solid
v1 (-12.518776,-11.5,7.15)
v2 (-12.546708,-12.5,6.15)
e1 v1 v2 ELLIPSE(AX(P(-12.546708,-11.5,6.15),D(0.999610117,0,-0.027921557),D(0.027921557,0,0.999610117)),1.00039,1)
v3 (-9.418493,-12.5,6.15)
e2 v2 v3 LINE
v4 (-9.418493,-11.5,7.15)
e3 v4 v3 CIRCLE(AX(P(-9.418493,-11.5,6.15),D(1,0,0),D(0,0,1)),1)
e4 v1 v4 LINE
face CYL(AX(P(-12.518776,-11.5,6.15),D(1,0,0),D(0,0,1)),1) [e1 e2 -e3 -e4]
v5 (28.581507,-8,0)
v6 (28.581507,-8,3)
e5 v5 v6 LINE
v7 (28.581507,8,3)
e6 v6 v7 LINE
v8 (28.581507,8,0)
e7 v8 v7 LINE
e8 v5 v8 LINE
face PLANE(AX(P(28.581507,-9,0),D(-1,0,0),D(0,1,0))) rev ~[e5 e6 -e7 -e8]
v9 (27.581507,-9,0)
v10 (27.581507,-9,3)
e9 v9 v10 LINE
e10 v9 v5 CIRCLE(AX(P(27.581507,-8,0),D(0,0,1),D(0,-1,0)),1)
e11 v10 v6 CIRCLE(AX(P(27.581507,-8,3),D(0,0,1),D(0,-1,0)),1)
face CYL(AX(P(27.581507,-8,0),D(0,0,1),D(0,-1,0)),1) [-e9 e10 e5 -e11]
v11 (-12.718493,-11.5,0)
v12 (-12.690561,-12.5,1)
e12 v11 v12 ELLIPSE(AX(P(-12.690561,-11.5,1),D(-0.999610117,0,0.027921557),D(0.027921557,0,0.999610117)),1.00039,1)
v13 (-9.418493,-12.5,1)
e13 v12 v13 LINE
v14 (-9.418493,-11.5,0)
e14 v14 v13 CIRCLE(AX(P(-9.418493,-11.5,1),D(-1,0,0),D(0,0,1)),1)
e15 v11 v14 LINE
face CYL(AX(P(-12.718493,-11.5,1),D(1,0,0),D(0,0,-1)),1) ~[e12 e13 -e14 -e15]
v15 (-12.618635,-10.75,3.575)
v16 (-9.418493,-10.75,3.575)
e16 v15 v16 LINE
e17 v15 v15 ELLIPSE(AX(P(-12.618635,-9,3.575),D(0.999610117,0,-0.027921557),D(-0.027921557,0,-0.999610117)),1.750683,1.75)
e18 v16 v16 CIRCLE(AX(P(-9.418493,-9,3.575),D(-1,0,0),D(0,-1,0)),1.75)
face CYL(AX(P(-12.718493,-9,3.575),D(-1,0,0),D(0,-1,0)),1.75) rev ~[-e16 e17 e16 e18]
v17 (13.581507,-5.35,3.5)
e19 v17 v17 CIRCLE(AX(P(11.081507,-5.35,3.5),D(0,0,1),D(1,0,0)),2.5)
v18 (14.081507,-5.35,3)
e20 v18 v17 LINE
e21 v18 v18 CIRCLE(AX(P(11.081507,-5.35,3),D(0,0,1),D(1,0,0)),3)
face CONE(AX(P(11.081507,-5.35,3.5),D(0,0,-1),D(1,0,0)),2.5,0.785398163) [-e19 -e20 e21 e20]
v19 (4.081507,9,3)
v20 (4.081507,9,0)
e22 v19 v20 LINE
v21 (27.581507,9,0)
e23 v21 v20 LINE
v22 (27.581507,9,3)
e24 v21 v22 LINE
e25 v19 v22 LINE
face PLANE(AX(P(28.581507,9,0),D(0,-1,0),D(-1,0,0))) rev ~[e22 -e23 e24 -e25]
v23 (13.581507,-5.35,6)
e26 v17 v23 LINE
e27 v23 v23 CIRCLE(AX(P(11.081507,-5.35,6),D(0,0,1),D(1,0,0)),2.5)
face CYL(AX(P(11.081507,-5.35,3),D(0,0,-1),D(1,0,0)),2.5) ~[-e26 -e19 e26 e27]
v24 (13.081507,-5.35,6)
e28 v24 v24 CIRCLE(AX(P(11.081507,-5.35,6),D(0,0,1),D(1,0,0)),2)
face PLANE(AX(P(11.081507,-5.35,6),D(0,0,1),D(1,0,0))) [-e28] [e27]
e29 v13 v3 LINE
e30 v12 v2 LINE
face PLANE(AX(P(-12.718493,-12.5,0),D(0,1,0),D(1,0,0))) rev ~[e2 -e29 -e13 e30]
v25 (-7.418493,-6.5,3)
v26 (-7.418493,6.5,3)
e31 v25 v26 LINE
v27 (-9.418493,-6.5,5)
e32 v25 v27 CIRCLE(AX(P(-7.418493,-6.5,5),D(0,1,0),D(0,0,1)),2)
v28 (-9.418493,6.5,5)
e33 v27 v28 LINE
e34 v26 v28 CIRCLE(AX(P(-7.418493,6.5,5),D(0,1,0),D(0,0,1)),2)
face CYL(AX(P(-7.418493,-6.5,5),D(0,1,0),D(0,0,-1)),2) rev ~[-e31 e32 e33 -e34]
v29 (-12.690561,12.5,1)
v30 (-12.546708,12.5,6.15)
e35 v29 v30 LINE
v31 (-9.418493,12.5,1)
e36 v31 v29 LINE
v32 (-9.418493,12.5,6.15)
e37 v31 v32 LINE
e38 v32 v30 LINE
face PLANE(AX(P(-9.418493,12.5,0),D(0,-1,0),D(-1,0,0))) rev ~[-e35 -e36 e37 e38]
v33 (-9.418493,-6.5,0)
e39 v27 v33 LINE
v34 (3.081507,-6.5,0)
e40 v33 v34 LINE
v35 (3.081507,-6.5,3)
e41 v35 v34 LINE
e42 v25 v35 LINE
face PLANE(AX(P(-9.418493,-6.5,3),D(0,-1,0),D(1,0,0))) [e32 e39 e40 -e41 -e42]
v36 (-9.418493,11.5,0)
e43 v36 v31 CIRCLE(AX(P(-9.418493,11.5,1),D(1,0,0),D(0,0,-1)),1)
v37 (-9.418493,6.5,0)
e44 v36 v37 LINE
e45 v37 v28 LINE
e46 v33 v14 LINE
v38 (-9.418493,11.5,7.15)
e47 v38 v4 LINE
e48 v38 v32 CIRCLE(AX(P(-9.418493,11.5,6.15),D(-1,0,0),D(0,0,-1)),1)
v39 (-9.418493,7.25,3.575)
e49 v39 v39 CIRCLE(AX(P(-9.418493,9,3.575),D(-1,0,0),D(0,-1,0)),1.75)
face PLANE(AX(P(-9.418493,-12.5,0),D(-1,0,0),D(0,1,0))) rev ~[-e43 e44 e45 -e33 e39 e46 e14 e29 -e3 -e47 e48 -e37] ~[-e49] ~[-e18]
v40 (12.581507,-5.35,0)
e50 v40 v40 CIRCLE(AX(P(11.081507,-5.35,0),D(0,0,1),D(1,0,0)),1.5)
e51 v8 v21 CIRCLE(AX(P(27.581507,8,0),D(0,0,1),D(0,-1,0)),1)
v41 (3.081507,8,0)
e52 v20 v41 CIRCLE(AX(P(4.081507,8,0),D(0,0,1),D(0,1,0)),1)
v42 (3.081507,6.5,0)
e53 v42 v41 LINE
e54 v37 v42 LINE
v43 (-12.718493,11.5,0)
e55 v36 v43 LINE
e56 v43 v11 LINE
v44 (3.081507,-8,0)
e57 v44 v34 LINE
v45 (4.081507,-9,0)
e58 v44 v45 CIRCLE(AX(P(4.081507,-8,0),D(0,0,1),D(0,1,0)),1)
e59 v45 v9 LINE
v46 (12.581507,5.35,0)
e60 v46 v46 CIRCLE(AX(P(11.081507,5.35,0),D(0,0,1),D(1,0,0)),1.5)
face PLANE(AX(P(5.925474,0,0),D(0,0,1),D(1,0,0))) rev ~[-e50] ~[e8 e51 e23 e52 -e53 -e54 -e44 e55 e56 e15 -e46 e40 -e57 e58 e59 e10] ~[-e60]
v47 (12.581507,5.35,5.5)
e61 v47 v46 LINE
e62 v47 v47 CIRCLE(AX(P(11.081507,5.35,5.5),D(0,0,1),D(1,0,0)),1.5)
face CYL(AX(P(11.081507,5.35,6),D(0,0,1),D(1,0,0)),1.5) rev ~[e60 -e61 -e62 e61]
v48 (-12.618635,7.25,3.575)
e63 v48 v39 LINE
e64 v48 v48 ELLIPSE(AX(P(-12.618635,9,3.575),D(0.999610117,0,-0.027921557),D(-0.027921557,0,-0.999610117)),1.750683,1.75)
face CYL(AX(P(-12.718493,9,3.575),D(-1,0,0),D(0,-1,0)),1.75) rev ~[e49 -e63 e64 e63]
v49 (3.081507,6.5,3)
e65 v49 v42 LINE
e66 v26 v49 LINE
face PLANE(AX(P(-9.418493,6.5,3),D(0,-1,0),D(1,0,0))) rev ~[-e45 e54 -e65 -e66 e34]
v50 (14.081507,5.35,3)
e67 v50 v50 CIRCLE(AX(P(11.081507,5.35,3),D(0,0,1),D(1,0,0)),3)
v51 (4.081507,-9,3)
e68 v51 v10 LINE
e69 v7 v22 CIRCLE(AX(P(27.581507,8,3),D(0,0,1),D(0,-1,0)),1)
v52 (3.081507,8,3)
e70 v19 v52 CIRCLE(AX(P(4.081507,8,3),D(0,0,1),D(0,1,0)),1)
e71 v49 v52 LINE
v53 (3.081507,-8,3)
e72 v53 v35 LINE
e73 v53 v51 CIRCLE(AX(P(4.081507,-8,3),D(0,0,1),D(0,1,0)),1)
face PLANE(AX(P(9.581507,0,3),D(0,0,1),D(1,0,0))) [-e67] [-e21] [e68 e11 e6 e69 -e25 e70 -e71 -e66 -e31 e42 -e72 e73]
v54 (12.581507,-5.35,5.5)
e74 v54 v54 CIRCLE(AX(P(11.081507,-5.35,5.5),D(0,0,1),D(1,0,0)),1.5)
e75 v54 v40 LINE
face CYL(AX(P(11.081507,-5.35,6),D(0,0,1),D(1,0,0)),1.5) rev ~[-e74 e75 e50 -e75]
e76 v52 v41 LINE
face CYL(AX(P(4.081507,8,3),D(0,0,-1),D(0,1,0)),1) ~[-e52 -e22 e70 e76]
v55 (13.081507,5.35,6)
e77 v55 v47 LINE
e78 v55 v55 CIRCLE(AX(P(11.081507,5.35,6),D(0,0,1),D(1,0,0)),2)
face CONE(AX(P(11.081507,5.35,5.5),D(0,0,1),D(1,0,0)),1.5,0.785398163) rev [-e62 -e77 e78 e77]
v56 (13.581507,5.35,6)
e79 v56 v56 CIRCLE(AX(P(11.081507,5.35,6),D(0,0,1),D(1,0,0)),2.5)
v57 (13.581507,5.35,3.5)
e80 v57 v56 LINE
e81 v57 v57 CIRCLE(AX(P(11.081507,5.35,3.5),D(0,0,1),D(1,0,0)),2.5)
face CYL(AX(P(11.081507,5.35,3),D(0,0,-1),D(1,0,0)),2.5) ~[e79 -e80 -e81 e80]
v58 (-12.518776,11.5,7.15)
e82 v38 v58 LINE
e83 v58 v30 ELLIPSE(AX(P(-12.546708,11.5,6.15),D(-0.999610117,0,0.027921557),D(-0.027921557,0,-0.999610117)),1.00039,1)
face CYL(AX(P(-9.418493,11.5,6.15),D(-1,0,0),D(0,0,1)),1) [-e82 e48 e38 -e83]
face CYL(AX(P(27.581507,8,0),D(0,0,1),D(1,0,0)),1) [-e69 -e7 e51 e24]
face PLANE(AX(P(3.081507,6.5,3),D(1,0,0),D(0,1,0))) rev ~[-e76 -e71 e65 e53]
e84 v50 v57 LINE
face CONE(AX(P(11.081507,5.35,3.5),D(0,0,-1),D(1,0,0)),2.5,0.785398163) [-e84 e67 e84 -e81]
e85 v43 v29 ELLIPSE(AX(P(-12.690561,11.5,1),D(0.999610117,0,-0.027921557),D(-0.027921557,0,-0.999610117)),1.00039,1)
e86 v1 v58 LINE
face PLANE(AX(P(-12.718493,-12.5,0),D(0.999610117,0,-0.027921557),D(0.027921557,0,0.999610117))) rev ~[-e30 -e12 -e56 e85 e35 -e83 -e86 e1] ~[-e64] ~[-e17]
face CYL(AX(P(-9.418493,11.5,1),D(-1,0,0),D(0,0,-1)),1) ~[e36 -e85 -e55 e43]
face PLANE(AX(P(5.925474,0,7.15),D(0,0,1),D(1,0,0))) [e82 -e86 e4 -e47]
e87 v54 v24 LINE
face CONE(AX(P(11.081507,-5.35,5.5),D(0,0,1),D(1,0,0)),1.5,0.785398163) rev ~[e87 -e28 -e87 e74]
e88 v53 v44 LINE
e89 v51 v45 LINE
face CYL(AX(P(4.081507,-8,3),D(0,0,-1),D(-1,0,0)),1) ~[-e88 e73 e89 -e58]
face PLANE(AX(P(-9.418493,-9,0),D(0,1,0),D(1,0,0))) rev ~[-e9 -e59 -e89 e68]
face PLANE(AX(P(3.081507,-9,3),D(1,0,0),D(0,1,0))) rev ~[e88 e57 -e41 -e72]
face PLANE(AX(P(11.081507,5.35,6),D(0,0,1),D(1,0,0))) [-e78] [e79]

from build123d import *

# Parameters (mm, degrees)
PAD006_DEPTH    = 7.15
SKETCH012_W     = 38
SKETCH012_H     = 18
POCKET004_DEPTH = 4.15
SKETCH013_R     = 2.5
PAD007_DEPTH    = 3
SKETCH014_R     = 1.5
POCKET005_DEPTH = 6.001
SKETCH016_W     = 12.5
SKETCH016_H     = 2.5
POCKET006_DEPTH = 5
SKETCH017_R     = 1.75
POCKET007_DEPTH = 5
CHAMFER_SIZE    = 0.5
CHAMFER001_SIZE = 0.5
POCKET008_DEPTH = 25.001
FILLET_R        = 2
FILLET001_R     = 1
FILLET002_R     = 1


with BuildPart() as part:
    # Sketch011 (on XY_Plane001 of Origin002) → Pad006 (new body)
    with BuildSketch(Plane.XY):
        Polygon((-9.418493, -9), (28.581507, -9), (28.581507, 9), (-9.418493, 9), (-9.418493, 12.5), (-12.718493, 12.5), (-12.718493, -12.5), (-9.418493, -12.5), align=None)
    extrude(amount=PAD006_DEPTH)

    # Sketch012 (on Face10 of Pad006) → Pocket004 (cut)
    with BuildSketch(Plane.XY.offset(7.15)):
        with Locations((9.581507, 0)):
            Rectangle(SKETCH012_W, SKETCH012_H)
    extrude(amount=-POCKET004_DEPTH, mode=Mode.SUBTRACT)

    # Sketch013 (on Face4 of Pocket004) → Pad007 (join)
    with BuildSketch(Plane.XY.offset(3)):
        with Locations((11.081507, 5.35)):
            Circle(SKETCH013_R)
        with Locations((11.081507, -5.35)):
            Circle(SKETCH013_R)
    extrude(amount=PAD007_DEPTH)

    # Sketch014 (on Face13 of Pad007) → Pocket005 (cut, through all)
    with BuildSketch(Plane.XY.offset(6)):
        with Locations((11.081507, 5.35)):
            Circle(SKETCH014_R)
        with Locations((11.081507, -5.35)):
            Circle(SKETCH014_R)
    extrude(amount=-POCKET005_DEPTH, mode=Mode.SUBTRACT)

    # Sketch016 (on Face4 of Pocket005) → Pocket006 (cut)
    with BuildSketch(Plane.XY.offset(3)):
        with Locations((-3.168493, 7.75)):
            Rectangle(SKETCH016_W, SKETCH016_H)
        with Locations((-3.168493, -7.75)):
            Rectangle(SKETCH016_W, SKETCH016_H)
    extrude(amount=-POCKET006_DEPTH, mode=Mode.SUBTRACT)

    # Sketch017 (on Face7 of Pocket006) → Pocket007 (cut)
    with BuildSketch(Plane(origin=(-12.718493, 0, 0), x_dir=(0, -1, 0), z_dir=(-1, 0, 0))):
        with Locations((-9, 3.575)):
            Circle(SKETCH017_R)
        with Locations((9, 3.575)):
            Circle(SKETCH017_R)
    extrude(amount=-POCKET007_DEPTH, mode=Mode.SUBTRACT)

    # Chamfer
    chamfer_edges = [part.edges().sort_by_distance(p)[0] for p in [
        (8.581507, 5.35, 3),
        (8.581507, -5.35, 3),
    ]]
    chamfer(chamfer_edges, length=CHAMFER_SIZE)

    # Chamfer001
    chamfer001_edges = [part.edges().sort_by_distance(p)[0] for p in [
        (9.581507, -5.35, 6),
        (9.581507, 5.35, 6),
    ]]
    chamfer(chamfer001_edges, length=CHAMFER001_SIZE)

    # Sketch018 (on Face8 of Chamfer001) → Pocket008 (cut, through all)
    with BuildSketch(Plane.XZ.offset(12.5)):
        Polygon((-12.718493, 7.15), (-12.718493, 0), (-12.518776, 7.15), align=None)
    extrude(amount=-POCKET008_DEPTH, mode=Mode.SUBTRACT)

    # Fillet
    fillet_edges = [part.edges().sort_by_distance(p)[0] for p in [
        (-9.418493, 0, 3),
    ]]
    fillet(fillet_edges, radius=FILLET_R)

    # Fillet001
    fillet001_edges = [part.edges().sort_by_distance(p)[0] for p in [
        (-10.968635, -12.5, 7.15),
        (-10.968635, 12.5, 7.15),
        (-11.068493, -12.5, 0),
        (-11.068493, 12.5, 0),
    ]]
    fillet(fillet001_edges, radius=FILLET001_R)

    # Fillet002
    fillet002_edges = [part.edges().sort_by_distance(p)[0] for p in [
        (3.081507, -9, 1.5),
        (28.581507, -9, 1.5),
        (28.581507, 9, 1.5),
        (3.081507, 9, 1.5),
    ]]
    fillet(fillet002_edges, radius=FILLET002_R)


solid = part.part
